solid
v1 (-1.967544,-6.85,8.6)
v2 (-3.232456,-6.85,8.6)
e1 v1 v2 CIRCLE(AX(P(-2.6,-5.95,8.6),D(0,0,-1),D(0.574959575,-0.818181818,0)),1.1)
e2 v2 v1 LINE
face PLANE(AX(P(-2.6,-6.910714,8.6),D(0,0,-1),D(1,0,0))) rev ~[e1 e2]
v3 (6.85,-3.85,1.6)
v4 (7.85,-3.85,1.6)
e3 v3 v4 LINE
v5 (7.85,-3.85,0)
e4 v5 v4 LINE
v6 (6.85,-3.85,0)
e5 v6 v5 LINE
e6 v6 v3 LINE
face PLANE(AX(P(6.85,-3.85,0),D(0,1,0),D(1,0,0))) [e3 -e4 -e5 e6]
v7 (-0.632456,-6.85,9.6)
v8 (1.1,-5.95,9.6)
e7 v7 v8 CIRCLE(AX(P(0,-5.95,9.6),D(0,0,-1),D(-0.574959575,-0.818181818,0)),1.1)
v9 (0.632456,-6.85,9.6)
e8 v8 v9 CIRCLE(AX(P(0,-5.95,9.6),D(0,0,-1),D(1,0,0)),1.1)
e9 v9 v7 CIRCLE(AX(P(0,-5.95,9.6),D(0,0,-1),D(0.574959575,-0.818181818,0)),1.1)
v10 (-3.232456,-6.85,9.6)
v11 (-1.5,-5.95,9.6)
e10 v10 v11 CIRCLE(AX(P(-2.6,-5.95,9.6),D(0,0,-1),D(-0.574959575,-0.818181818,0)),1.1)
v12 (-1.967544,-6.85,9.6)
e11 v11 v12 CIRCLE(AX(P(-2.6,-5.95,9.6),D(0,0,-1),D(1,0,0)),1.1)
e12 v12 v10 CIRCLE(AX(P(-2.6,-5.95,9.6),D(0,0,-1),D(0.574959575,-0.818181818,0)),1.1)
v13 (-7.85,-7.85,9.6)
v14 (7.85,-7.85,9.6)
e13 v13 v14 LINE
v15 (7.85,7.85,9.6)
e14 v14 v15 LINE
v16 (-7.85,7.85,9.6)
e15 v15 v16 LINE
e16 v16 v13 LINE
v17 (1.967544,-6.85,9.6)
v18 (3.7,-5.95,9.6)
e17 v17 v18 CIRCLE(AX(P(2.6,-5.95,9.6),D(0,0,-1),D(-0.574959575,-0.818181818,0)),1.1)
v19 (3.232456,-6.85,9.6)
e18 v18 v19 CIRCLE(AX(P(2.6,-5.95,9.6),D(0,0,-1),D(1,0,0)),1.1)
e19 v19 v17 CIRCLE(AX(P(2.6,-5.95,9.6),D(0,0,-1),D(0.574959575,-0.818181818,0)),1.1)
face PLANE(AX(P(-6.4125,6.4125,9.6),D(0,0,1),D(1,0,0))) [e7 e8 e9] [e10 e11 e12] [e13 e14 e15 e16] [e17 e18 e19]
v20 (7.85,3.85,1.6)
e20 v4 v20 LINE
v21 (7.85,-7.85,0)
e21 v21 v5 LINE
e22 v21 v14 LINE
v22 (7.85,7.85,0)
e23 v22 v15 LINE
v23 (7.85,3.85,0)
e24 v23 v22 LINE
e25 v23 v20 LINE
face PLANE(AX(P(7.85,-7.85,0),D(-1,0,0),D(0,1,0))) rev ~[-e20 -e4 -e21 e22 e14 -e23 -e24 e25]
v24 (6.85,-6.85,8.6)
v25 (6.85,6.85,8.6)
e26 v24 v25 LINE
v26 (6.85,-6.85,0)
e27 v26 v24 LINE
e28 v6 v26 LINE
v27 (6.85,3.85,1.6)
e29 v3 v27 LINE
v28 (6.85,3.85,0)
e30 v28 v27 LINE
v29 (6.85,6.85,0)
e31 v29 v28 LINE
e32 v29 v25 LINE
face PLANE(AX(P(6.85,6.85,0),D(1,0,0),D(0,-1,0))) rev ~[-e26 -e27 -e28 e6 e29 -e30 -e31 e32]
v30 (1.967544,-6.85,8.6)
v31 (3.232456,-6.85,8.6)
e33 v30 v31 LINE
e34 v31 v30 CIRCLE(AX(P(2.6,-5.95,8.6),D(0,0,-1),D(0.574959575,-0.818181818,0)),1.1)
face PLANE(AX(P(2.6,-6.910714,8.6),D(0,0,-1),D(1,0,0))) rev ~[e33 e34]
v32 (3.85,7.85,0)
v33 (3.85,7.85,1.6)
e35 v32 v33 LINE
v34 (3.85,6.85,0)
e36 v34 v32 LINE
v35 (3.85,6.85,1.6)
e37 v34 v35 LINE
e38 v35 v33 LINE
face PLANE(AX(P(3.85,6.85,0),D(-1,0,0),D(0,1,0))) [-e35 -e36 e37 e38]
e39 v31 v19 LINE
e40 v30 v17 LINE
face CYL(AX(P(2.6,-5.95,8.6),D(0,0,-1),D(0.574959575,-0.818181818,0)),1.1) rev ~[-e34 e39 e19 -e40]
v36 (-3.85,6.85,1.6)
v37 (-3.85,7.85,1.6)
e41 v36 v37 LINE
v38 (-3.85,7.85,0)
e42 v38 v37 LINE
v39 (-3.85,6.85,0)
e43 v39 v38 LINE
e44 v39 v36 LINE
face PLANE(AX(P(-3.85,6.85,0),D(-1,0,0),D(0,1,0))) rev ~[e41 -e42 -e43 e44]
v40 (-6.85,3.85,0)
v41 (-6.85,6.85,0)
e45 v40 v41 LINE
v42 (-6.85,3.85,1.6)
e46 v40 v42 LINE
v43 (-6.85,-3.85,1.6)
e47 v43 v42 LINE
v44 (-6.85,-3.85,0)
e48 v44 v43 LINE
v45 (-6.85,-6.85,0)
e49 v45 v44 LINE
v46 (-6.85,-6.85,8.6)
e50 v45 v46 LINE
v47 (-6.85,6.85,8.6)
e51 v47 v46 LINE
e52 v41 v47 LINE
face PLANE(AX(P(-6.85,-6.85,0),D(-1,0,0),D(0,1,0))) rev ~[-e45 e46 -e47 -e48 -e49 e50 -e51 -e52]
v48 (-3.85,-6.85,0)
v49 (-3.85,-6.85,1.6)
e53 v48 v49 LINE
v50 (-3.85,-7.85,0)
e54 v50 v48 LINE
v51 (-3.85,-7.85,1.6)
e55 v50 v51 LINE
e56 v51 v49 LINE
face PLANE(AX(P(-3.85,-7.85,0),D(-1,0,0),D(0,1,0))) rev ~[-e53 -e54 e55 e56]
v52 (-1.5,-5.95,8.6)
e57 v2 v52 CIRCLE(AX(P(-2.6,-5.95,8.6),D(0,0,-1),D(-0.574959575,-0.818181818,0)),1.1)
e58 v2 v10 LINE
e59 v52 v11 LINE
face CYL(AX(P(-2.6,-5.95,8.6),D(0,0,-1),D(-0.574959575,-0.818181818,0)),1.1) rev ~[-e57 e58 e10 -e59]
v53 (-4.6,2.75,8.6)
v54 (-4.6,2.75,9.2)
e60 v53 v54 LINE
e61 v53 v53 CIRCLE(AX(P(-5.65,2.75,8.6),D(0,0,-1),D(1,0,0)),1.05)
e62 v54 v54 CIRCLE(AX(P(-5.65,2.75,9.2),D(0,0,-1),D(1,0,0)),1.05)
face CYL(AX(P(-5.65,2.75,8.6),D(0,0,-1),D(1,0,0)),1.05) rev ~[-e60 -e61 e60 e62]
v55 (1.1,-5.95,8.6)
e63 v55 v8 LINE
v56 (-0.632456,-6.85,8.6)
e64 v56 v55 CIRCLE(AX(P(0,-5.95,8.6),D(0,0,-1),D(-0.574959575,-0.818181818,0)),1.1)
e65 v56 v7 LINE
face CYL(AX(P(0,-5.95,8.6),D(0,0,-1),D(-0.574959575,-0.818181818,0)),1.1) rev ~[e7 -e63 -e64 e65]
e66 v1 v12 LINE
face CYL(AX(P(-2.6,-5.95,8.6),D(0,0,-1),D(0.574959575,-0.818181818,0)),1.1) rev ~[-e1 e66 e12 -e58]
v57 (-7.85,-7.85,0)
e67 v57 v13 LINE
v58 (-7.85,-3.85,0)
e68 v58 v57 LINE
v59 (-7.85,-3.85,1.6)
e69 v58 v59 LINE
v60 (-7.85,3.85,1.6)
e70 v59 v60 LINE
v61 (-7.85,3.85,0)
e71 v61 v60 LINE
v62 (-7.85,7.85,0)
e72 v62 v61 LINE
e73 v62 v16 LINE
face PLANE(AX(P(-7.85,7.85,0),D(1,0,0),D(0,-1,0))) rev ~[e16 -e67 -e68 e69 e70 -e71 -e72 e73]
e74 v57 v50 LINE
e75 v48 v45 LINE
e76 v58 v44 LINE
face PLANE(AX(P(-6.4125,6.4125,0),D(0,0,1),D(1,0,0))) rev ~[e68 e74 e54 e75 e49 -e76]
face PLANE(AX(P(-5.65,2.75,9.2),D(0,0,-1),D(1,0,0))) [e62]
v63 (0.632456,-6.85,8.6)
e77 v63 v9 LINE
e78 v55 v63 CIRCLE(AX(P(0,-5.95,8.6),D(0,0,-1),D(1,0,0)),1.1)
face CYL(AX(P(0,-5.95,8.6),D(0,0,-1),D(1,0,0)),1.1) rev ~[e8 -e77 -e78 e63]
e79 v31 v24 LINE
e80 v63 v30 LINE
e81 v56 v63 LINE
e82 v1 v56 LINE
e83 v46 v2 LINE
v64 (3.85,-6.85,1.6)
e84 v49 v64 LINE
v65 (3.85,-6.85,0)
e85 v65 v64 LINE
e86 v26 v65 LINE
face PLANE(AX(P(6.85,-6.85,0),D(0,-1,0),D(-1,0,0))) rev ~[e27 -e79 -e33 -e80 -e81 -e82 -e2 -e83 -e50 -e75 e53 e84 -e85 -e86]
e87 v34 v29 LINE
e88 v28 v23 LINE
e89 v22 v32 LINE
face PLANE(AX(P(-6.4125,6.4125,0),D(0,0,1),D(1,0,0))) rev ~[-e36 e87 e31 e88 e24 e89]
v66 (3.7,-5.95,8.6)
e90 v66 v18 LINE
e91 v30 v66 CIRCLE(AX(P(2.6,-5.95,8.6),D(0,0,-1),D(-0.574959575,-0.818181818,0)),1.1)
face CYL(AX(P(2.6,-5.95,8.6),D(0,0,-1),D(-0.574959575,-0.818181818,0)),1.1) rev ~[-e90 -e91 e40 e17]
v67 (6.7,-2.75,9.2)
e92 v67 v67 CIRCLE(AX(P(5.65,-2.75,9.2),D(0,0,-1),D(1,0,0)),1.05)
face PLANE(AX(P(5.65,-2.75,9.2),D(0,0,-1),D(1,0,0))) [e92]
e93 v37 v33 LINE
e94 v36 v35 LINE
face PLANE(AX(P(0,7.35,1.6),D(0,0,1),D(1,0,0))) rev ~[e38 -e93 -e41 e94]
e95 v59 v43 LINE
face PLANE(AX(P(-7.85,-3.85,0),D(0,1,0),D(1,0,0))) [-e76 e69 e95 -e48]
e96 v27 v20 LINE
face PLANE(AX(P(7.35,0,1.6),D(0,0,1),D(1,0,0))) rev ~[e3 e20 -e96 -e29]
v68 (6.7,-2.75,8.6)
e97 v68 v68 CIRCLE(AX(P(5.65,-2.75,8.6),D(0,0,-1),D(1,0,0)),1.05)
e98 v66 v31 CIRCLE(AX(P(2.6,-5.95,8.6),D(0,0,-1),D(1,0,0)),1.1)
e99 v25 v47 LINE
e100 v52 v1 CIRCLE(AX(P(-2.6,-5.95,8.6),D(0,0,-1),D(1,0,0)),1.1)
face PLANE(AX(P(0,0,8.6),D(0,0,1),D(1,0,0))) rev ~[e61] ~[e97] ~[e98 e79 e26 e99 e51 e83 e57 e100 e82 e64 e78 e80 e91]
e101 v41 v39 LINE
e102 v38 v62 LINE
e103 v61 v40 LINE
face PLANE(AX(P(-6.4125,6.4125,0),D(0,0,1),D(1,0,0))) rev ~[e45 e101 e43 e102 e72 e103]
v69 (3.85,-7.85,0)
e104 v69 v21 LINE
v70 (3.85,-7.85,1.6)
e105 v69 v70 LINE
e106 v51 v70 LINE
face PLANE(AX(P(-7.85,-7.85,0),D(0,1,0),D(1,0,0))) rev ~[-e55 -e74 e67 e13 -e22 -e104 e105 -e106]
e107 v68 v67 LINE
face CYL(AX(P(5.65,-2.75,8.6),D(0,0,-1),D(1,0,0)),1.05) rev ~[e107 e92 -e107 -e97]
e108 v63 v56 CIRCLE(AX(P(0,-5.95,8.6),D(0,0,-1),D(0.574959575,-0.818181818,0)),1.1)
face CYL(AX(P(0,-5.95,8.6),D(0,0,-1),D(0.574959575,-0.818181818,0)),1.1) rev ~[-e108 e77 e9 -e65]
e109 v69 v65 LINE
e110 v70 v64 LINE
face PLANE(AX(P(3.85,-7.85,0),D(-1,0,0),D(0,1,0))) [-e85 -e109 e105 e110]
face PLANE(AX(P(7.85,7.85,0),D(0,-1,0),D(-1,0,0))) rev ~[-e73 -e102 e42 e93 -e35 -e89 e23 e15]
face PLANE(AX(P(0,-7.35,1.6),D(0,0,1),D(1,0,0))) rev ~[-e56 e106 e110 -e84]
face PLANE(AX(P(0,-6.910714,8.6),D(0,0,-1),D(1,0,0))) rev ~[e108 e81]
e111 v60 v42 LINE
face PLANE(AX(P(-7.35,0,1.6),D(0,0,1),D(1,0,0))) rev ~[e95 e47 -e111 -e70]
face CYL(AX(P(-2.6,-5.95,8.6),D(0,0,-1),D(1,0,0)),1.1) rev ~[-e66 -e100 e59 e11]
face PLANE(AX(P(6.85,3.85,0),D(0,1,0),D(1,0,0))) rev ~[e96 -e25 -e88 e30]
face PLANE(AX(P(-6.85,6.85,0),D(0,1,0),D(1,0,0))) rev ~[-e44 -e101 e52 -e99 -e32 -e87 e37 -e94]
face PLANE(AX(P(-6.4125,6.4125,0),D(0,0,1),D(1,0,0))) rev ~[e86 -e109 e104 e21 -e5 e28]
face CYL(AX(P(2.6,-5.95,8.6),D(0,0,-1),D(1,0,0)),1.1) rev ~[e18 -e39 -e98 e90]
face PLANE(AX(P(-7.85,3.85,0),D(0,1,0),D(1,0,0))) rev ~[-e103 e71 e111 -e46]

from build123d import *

# Parameters (mm, degrees)
F0_W     = 7.7
F0_H     = 1
F0_W_2   = 1
F0_H_2   = 7.7
F1_DEPTH = 9.6
F2_DEPTH = 1.6
F3_START = 8.6
F3_DEPTH = 1
F4_R     = 1.05
F5_DEPTH = 0.6
F6_DEPTH = 1.001


with BuildPart() as f1:
    # F0 (on Top) → F1 (new body)
    with BuildSketch(Plane.XY):
        Polygon((-3.85, 7.85), (-7.85, 7.85), (-7.85, 3.85), (-6.85, 3.85), (-6.85, 6.85), (-3.85, 6.85), align=None)
        with Locations((0, 7.35)):
            Rectangle(F0_W, F0_H)
        with Locations((-7.35, 0)):
            Rectangle(F0_W_2, F0_H_2)
        Polygon((7.85, 7.85), (3.85, 7.85), (3.85, 6.85), (6.85, 6.85), (6.85, 3.85), (7.85, 3.85), align=None)
        Polygon((-6.85, -3.85), (-7.85, -3.85), (-7.85, -7.85), (-3.85, -7.85), (-3.85, -6.85), (-6.85, -6.85), align=None)
        with Locations((7.35, 0)):
            Rectangle(F0_W_2, F0_H_2)
        with Locations((0, -7.35)):
            Rectangle(F0_W, F0_H)
        Polygon((7.85, -7.85), (7.85, -3.85), (6.85, -3.85), (6.85, -6.85), (3.85, -6.85), (3.85, -7.85), align=None)
    extrude(amount=F1_DEPTH)

    # F0 (on Top) → F2 (cut)
    with BuildSketch(Plane.XY):
        with Locations((0, 7.35)):
            Rectangle(F0_W, F0_H)
        with Locations((7.35, 0)):
            Rectangle(F0_W_2, F0_H_2)
        with Locations((0, -7.35)):
            Rectangle(F0_W, F0_H)
        with Locations((-7.35, 0)):
            Rectangle(F0_W_2, F0_H_2)
    extrude(amount=F2_DEPTH, mode=Mode.SUBTRACT)

    # F0 (on Top) → F3 (join)
    with BuildSketch(Plane.XY.offset(F3_START)):
        Polygon((3.85, 6.85), (-3.85, 6.85), (-6.85, 6.85), (-6.85, 3.85), (-6.85, -3.85), (-6.85, -6.85), (-3.85, -6.85), (3.85, -6.85), (6.85, -6.85), (6.85, -3.85), (6.85, 3.85), (6.85, 6.85), align=None)
    extrude(amount=F3_DEPTH)

    # F4 (on face) → F5 (cut)
    with BuildSketch(Plane(origin=(0, 0, 8.6), x_dir=(1, 0, 0), z_dir=(0, 0, -1))):
        with Locations((-5.65, -2.75)):
            Circle(F4_R)
        with Locations((5.65, 2.75)):
            Circle(F4_R)
    extrude(amount=-F5_DEPTH, mode=Mode.SUBTRACT)

    # F4 (on face) → F6 (cut, through all)
    with BuildSketch(Plane(origin=(0, 0, 8.6), x_dir=(1, 0, 0), z_dir=(0, 0, -1))):
        with BuildLine():
            Line((-3.232455532, 6.85), (-1.967544468, 6.85))
            ThreePointArc((-1.967544468, 6.85), (-2.6, 7.05), (-3.232455532, 6.85))
        make_face()
        with BuildLine():
            ThreePointArc((-3.232455532, 6.85), (-3.1070990607, 4.9738593633), (-1.5, 5.95))
            ThreePointArc((-1.5, 5.95), (-1.6238593633, 6.4570990607), (-1.967544468, 6.85))
            Line((-1.967544468, 6.85), (-3.232455532, 6.85))
        make_face()
        with BuildLine():
            ThreePointArc((0.632455532, 6.85), (0, 7.05), (-0.632455532, 6.85))
            Line((-0.632455532, 6.85), (0.632455532, 6.85))
        make_face()
        with BuildLine():
            Line((0.632455532, 6.85), (-0.632455532, 6.85))
            ThreePointArc((-0.632455532, 6.85), (-0.5070990607, 4.9738593633), (1.1, 5.95))
            ThreePointArc((1.1, 5.95), (0.9761406367, 6.4570990607), (0.632455532, 6.85))
        make_face()
        with BuildLine():
            ThreePointArc((3.232455532, 6.85), (2.6, 7.05), (1.967544468, 6.85))
            Line((1.967544468, 6.85), (3.232455532, 6.85))
        make_face()
        with BuildLine():
            Line((3.232455532, 6.85), (1.967544468, 6.85))
            ThreePointArc((1.967544468, 6.85), (2.0929009393, 4.9738593633), (3.7, 5.95))
            ThreePointArc((3.7, 5.95), (3.5761406367, 6.4570990607), (3.232455532, 6.85))
        make_face()
    extrude(amount=-F6_DEPTH, mode=Mode.SUBTRACT)


solid = f1.part
